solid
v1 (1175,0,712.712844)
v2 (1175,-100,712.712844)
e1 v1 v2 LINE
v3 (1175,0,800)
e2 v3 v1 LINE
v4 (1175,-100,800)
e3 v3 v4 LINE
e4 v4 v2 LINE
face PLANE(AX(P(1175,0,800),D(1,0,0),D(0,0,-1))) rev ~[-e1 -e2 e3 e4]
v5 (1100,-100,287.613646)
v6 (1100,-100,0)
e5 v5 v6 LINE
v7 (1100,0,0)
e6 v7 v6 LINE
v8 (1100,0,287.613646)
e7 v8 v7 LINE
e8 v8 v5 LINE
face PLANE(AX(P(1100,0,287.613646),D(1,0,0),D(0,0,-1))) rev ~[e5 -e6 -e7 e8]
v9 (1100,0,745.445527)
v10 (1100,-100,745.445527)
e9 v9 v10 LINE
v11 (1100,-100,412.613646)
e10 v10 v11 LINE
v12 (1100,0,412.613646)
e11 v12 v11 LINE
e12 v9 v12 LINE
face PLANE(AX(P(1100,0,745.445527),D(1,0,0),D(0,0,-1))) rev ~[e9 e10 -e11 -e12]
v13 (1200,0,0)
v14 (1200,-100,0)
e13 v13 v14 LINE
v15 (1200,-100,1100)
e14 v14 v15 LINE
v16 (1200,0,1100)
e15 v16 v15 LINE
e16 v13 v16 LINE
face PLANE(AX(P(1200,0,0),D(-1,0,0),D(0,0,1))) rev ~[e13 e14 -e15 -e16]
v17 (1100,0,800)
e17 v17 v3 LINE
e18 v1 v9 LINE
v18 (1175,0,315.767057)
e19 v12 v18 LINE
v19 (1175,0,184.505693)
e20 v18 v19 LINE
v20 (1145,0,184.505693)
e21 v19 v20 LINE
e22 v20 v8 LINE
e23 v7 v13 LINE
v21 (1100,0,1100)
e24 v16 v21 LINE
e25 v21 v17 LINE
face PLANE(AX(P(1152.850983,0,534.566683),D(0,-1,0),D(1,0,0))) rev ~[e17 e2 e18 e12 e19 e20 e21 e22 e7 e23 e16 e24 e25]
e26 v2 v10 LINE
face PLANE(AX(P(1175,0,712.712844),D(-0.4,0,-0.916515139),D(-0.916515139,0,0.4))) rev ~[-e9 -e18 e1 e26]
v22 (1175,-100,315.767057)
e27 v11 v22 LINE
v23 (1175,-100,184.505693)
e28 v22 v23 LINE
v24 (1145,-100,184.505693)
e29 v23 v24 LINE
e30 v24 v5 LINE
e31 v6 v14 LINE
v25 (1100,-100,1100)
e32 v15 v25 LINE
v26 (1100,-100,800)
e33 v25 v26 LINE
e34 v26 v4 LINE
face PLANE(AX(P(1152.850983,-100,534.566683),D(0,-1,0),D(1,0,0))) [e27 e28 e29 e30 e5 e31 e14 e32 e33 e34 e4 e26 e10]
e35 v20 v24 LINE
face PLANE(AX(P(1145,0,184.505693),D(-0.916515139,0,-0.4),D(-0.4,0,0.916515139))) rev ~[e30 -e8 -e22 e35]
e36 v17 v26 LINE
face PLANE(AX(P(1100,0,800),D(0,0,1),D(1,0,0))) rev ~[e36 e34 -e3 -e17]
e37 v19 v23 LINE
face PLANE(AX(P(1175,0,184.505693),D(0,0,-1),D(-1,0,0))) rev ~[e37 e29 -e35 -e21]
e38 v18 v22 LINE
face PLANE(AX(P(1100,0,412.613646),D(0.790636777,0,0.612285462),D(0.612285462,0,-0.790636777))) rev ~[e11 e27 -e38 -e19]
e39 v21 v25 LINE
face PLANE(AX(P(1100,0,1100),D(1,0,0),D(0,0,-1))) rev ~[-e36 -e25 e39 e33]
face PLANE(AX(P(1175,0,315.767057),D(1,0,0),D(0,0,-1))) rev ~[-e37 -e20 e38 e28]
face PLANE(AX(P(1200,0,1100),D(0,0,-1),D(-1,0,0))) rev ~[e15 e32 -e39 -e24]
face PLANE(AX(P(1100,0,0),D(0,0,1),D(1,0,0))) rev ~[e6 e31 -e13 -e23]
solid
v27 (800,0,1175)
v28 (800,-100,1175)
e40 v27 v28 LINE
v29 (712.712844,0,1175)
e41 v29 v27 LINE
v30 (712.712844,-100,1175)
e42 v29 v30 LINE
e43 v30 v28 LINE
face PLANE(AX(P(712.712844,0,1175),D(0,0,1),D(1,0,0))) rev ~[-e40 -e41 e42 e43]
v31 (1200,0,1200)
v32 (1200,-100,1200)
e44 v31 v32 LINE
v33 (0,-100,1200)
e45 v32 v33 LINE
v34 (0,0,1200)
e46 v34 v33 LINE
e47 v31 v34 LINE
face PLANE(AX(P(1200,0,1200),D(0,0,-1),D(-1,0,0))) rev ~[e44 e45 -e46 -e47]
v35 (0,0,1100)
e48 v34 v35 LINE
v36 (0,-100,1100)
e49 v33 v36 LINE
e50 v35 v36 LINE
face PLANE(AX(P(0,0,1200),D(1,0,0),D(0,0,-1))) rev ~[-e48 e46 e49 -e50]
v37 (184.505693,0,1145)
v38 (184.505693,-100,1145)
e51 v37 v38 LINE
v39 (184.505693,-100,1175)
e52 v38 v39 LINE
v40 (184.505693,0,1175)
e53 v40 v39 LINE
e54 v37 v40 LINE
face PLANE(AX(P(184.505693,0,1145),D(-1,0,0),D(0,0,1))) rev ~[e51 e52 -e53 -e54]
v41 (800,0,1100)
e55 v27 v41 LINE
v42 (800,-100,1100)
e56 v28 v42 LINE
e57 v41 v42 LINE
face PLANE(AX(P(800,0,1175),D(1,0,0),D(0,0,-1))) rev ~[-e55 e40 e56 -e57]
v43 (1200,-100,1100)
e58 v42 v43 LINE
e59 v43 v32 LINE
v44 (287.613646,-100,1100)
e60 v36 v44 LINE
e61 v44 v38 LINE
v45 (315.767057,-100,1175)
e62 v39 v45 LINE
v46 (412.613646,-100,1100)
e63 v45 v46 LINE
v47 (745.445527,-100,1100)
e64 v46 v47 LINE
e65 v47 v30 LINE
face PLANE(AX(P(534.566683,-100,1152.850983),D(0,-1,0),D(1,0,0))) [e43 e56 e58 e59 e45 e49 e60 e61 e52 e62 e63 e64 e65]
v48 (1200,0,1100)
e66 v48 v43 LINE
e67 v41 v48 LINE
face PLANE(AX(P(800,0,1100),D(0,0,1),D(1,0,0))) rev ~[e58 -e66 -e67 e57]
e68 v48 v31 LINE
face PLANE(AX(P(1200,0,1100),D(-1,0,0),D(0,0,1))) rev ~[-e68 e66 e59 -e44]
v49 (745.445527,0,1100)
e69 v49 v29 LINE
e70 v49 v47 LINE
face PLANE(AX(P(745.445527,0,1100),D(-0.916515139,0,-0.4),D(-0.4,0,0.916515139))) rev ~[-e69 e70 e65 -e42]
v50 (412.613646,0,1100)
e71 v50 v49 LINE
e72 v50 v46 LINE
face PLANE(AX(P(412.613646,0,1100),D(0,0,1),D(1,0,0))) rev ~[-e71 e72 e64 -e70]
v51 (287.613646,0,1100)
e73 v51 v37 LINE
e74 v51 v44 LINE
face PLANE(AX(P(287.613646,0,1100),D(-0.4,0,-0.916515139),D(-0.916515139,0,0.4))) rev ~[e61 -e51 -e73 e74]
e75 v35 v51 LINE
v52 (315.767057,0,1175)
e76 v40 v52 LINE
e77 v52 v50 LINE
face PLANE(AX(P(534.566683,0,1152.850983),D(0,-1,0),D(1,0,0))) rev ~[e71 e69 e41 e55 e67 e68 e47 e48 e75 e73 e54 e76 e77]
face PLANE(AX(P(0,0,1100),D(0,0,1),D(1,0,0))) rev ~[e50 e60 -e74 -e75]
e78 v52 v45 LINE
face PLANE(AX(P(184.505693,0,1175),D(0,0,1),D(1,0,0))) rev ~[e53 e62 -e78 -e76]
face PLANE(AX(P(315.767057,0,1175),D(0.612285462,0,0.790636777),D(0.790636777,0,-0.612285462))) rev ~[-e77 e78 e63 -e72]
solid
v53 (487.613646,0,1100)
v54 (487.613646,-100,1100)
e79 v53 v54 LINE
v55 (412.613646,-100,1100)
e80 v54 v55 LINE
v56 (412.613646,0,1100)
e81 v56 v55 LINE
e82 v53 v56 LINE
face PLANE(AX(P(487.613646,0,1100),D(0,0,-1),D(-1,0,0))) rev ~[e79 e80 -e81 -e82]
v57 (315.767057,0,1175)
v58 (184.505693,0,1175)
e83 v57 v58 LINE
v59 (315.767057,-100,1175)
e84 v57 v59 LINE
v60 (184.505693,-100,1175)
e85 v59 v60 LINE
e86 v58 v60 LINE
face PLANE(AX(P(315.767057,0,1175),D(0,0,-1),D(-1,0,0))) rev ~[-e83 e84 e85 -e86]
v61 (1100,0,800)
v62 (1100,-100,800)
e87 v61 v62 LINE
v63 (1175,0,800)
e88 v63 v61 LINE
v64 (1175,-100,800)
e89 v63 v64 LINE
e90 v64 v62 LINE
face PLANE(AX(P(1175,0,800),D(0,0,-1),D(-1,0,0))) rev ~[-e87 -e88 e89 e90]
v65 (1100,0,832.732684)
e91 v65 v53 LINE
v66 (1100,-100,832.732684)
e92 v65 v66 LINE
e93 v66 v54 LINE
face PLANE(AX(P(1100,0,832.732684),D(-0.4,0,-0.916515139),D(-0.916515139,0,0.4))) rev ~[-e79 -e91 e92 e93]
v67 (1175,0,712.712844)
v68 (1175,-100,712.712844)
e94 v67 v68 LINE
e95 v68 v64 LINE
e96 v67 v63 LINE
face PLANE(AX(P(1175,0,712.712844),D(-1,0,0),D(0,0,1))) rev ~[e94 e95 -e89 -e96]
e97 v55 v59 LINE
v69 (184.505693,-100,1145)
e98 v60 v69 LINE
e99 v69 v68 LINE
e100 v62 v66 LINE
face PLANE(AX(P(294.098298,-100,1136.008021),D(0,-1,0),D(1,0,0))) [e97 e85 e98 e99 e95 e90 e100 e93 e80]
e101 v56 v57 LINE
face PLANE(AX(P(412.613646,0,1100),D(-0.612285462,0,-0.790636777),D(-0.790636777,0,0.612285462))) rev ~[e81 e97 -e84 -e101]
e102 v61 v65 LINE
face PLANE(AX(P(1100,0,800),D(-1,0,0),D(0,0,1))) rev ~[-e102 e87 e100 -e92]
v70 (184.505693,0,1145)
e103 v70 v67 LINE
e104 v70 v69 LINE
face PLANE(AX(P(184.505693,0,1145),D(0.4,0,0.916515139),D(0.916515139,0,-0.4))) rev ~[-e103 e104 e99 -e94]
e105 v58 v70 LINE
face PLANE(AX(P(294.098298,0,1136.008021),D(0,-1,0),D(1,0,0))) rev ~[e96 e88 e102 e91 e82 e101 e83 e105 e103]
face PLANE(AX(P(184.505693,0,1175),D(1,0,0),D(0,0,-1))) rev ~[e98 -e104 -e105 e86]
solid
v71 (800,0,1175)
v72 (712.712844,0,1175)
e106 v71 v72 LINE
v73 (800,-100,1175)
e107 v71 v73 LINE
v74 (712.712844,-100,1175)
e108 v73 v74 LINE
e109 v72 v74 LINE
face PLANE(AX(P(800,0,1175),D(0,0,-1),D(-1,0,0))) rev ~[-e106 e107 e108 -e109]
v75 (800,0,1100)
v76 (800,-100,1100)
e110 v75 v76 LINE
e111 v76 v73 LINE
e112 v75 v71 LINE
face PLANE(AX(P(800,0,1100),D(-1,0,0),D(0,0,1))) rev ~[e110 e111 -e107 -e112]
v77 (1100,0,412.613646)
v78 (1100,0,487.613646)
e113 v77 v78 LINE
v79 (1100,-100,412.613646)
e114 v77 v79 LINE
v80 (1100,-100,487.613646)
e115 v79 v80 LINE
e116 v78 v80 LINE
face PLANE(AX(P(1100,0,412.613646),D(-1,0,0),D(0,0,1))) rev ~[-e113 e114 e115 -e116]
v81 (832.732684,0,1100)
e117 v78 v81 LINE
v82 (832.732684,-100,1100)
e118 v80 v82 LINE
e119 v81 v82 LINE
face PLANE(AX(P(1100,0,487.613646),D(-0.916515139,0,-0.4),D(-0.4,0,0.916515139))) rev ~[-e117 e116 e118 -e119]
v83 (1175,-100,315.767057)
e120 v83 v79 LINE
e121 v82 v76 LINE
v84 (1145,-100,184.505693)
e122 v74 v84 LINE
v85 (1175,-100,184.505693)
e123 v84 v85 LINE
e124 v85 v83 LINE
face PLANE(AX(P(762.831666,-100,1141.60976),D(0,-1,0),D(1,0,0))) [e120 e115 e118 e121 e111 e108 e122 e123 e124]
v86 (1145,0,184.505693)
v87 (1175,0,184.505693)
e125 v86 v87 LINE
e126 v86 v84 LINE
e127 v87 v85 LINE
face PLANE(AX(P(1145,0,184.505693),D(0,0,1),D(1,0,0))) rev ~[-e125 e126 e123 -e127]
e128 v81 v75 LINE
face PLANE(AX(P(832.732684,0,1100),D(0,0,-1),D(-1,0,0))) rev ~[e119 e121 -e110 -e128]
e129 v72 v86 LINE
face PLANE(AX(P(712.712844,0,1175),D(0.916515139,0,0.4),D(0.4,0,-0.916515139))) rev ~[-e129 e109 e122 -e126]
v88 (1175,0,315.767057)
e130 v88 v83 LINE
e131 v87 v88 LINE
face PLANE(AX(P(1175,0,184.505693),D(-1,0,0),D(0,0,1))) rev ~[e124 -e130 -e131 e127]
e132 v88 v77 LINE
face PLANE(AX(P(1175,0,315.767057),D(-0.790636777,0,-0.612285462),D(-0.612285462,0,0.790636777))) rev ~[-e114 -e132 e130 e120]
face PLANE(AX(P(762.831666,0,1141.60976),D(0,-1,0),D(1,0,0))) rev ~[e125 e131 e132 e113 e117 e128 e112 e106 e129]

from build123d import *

# Parameters (mm, degrees)
F1_DEPTH = 100
F2_DEPTH = 100
F0_W     = 100
F0_H     = 100
F3_DEPTH = 100
F4_DEPTH = 100


with BuildPart() as f1:
    # F0 (on Front) → F1 (new body)
    with BuildSketch(Plane.XZ):
        Polygon((745.445527441, 1100), (800, 1100), (800, 1175), (712.7128439056, 1175), align=None)
        Polygon((913.9371630128, 913.9371630128), (832.7326835354, 1100), (800, 1100), (745.445527441, 1100), (806.1118525432, 960.9959865422), align=None)
        Polygon((806.1118525432, 960.9959865422), (853.1706760726, 853.1706760726), (960.9959865422, 806.1118525432), (913.9371630128, 913.9371630128), align=None)
        Polygon((960.9959865422, 806.1118525432), (853.1706760726, 853.1706760726), (1100, 287.6136457566), (1100, 412.6136457566), (1100, 487.6136457566), align=None)
        Polygon((1100, 412.6136457566), (1100, 287.6136457566), (1145, 184.5056926201), (1175, 184.5056926201), (1175, 315.7670571958), align=None)
    extrude(amount=F1_DEPTH)


with BuildPart() as f2:
    # F0 (on Front) → F2 (new body)
    with BuildSketch(Plane.XZ):
        Polygon((184.5056926201, 1145), (287.6136457566, 1100), (412.6136457566, 1100), (315.7670571958, 1175), (184.5056926201, 1175), align=None)
        Polygon((412.6136457566, 1100), (287.6136457566, 1100), (853.1706760726, 853.1706760726), (806.1118525432, 960.9959865422), (487.6136457566, 1100), align=None)
        Polygon((806.1118525432, 960.9959865422), (853.1706760726, 853.1706760726), (960.9959865422, 806.1118525432), (913.9371630128, 913.9371630128), align=None)
        Polygon((1100, 800), (1100, 832.7326835354), (913.9371630128, 913.9371630128), (960.9959865422, 806.1118525432), (1100, 745.445527441), align=None)
        Polygon((1175, 800), (1100, 800), (1100, 745.445527441), (1175, 712.7128439056), align=None)
    extrude(amount=F2_DEPTH)


with BuildPart() as f3:
    # F0 (on Front) → F3 (new body)
    with BuildSketch(Plane.XZ):
        Polygon((1100, 1200), (0, 1200), (0, 1100), (287.6136457566, 1100), (184.5056926201, 1145), (184.5056926201, 1175), (315.7670571958, 1175), (412.6136457566, 1100), (487.6136457566, 1100), (745.445527441, 1100), (712.7128439056, 1175), (800, 1175), (800, 1100), (832.7326835354, 1100), (1100, 1100), align=None)
        with Locations((1150, 1150)):
            Rectangle(F0_W, F0_H)
    extrude(amount=F3_DEPTH)


with BuildPart() as f4:
    # F0 (on Front) → F4 (new body)
    with BuildSketch(Plane.XZ):
        Polygon((1200, 1100), (1100, 1100), (1100, 832.7326835354), (1100, 800), (1175, 800), (1175, 712.7128439056), (1100, 745.445527441), (1100, 487.6136457566), (1100, 412.6136457566), (1175, 315.7670571958), (1175, 184.5056926201), (1145, 184.5056926201), (1100, 287.6136457566), (1100, 0), (1200, 0), align=None)
    extrude(amount=F4_DEPTH)


solid = Compound([f1.part, f2.part, f3.part, f4.part])
